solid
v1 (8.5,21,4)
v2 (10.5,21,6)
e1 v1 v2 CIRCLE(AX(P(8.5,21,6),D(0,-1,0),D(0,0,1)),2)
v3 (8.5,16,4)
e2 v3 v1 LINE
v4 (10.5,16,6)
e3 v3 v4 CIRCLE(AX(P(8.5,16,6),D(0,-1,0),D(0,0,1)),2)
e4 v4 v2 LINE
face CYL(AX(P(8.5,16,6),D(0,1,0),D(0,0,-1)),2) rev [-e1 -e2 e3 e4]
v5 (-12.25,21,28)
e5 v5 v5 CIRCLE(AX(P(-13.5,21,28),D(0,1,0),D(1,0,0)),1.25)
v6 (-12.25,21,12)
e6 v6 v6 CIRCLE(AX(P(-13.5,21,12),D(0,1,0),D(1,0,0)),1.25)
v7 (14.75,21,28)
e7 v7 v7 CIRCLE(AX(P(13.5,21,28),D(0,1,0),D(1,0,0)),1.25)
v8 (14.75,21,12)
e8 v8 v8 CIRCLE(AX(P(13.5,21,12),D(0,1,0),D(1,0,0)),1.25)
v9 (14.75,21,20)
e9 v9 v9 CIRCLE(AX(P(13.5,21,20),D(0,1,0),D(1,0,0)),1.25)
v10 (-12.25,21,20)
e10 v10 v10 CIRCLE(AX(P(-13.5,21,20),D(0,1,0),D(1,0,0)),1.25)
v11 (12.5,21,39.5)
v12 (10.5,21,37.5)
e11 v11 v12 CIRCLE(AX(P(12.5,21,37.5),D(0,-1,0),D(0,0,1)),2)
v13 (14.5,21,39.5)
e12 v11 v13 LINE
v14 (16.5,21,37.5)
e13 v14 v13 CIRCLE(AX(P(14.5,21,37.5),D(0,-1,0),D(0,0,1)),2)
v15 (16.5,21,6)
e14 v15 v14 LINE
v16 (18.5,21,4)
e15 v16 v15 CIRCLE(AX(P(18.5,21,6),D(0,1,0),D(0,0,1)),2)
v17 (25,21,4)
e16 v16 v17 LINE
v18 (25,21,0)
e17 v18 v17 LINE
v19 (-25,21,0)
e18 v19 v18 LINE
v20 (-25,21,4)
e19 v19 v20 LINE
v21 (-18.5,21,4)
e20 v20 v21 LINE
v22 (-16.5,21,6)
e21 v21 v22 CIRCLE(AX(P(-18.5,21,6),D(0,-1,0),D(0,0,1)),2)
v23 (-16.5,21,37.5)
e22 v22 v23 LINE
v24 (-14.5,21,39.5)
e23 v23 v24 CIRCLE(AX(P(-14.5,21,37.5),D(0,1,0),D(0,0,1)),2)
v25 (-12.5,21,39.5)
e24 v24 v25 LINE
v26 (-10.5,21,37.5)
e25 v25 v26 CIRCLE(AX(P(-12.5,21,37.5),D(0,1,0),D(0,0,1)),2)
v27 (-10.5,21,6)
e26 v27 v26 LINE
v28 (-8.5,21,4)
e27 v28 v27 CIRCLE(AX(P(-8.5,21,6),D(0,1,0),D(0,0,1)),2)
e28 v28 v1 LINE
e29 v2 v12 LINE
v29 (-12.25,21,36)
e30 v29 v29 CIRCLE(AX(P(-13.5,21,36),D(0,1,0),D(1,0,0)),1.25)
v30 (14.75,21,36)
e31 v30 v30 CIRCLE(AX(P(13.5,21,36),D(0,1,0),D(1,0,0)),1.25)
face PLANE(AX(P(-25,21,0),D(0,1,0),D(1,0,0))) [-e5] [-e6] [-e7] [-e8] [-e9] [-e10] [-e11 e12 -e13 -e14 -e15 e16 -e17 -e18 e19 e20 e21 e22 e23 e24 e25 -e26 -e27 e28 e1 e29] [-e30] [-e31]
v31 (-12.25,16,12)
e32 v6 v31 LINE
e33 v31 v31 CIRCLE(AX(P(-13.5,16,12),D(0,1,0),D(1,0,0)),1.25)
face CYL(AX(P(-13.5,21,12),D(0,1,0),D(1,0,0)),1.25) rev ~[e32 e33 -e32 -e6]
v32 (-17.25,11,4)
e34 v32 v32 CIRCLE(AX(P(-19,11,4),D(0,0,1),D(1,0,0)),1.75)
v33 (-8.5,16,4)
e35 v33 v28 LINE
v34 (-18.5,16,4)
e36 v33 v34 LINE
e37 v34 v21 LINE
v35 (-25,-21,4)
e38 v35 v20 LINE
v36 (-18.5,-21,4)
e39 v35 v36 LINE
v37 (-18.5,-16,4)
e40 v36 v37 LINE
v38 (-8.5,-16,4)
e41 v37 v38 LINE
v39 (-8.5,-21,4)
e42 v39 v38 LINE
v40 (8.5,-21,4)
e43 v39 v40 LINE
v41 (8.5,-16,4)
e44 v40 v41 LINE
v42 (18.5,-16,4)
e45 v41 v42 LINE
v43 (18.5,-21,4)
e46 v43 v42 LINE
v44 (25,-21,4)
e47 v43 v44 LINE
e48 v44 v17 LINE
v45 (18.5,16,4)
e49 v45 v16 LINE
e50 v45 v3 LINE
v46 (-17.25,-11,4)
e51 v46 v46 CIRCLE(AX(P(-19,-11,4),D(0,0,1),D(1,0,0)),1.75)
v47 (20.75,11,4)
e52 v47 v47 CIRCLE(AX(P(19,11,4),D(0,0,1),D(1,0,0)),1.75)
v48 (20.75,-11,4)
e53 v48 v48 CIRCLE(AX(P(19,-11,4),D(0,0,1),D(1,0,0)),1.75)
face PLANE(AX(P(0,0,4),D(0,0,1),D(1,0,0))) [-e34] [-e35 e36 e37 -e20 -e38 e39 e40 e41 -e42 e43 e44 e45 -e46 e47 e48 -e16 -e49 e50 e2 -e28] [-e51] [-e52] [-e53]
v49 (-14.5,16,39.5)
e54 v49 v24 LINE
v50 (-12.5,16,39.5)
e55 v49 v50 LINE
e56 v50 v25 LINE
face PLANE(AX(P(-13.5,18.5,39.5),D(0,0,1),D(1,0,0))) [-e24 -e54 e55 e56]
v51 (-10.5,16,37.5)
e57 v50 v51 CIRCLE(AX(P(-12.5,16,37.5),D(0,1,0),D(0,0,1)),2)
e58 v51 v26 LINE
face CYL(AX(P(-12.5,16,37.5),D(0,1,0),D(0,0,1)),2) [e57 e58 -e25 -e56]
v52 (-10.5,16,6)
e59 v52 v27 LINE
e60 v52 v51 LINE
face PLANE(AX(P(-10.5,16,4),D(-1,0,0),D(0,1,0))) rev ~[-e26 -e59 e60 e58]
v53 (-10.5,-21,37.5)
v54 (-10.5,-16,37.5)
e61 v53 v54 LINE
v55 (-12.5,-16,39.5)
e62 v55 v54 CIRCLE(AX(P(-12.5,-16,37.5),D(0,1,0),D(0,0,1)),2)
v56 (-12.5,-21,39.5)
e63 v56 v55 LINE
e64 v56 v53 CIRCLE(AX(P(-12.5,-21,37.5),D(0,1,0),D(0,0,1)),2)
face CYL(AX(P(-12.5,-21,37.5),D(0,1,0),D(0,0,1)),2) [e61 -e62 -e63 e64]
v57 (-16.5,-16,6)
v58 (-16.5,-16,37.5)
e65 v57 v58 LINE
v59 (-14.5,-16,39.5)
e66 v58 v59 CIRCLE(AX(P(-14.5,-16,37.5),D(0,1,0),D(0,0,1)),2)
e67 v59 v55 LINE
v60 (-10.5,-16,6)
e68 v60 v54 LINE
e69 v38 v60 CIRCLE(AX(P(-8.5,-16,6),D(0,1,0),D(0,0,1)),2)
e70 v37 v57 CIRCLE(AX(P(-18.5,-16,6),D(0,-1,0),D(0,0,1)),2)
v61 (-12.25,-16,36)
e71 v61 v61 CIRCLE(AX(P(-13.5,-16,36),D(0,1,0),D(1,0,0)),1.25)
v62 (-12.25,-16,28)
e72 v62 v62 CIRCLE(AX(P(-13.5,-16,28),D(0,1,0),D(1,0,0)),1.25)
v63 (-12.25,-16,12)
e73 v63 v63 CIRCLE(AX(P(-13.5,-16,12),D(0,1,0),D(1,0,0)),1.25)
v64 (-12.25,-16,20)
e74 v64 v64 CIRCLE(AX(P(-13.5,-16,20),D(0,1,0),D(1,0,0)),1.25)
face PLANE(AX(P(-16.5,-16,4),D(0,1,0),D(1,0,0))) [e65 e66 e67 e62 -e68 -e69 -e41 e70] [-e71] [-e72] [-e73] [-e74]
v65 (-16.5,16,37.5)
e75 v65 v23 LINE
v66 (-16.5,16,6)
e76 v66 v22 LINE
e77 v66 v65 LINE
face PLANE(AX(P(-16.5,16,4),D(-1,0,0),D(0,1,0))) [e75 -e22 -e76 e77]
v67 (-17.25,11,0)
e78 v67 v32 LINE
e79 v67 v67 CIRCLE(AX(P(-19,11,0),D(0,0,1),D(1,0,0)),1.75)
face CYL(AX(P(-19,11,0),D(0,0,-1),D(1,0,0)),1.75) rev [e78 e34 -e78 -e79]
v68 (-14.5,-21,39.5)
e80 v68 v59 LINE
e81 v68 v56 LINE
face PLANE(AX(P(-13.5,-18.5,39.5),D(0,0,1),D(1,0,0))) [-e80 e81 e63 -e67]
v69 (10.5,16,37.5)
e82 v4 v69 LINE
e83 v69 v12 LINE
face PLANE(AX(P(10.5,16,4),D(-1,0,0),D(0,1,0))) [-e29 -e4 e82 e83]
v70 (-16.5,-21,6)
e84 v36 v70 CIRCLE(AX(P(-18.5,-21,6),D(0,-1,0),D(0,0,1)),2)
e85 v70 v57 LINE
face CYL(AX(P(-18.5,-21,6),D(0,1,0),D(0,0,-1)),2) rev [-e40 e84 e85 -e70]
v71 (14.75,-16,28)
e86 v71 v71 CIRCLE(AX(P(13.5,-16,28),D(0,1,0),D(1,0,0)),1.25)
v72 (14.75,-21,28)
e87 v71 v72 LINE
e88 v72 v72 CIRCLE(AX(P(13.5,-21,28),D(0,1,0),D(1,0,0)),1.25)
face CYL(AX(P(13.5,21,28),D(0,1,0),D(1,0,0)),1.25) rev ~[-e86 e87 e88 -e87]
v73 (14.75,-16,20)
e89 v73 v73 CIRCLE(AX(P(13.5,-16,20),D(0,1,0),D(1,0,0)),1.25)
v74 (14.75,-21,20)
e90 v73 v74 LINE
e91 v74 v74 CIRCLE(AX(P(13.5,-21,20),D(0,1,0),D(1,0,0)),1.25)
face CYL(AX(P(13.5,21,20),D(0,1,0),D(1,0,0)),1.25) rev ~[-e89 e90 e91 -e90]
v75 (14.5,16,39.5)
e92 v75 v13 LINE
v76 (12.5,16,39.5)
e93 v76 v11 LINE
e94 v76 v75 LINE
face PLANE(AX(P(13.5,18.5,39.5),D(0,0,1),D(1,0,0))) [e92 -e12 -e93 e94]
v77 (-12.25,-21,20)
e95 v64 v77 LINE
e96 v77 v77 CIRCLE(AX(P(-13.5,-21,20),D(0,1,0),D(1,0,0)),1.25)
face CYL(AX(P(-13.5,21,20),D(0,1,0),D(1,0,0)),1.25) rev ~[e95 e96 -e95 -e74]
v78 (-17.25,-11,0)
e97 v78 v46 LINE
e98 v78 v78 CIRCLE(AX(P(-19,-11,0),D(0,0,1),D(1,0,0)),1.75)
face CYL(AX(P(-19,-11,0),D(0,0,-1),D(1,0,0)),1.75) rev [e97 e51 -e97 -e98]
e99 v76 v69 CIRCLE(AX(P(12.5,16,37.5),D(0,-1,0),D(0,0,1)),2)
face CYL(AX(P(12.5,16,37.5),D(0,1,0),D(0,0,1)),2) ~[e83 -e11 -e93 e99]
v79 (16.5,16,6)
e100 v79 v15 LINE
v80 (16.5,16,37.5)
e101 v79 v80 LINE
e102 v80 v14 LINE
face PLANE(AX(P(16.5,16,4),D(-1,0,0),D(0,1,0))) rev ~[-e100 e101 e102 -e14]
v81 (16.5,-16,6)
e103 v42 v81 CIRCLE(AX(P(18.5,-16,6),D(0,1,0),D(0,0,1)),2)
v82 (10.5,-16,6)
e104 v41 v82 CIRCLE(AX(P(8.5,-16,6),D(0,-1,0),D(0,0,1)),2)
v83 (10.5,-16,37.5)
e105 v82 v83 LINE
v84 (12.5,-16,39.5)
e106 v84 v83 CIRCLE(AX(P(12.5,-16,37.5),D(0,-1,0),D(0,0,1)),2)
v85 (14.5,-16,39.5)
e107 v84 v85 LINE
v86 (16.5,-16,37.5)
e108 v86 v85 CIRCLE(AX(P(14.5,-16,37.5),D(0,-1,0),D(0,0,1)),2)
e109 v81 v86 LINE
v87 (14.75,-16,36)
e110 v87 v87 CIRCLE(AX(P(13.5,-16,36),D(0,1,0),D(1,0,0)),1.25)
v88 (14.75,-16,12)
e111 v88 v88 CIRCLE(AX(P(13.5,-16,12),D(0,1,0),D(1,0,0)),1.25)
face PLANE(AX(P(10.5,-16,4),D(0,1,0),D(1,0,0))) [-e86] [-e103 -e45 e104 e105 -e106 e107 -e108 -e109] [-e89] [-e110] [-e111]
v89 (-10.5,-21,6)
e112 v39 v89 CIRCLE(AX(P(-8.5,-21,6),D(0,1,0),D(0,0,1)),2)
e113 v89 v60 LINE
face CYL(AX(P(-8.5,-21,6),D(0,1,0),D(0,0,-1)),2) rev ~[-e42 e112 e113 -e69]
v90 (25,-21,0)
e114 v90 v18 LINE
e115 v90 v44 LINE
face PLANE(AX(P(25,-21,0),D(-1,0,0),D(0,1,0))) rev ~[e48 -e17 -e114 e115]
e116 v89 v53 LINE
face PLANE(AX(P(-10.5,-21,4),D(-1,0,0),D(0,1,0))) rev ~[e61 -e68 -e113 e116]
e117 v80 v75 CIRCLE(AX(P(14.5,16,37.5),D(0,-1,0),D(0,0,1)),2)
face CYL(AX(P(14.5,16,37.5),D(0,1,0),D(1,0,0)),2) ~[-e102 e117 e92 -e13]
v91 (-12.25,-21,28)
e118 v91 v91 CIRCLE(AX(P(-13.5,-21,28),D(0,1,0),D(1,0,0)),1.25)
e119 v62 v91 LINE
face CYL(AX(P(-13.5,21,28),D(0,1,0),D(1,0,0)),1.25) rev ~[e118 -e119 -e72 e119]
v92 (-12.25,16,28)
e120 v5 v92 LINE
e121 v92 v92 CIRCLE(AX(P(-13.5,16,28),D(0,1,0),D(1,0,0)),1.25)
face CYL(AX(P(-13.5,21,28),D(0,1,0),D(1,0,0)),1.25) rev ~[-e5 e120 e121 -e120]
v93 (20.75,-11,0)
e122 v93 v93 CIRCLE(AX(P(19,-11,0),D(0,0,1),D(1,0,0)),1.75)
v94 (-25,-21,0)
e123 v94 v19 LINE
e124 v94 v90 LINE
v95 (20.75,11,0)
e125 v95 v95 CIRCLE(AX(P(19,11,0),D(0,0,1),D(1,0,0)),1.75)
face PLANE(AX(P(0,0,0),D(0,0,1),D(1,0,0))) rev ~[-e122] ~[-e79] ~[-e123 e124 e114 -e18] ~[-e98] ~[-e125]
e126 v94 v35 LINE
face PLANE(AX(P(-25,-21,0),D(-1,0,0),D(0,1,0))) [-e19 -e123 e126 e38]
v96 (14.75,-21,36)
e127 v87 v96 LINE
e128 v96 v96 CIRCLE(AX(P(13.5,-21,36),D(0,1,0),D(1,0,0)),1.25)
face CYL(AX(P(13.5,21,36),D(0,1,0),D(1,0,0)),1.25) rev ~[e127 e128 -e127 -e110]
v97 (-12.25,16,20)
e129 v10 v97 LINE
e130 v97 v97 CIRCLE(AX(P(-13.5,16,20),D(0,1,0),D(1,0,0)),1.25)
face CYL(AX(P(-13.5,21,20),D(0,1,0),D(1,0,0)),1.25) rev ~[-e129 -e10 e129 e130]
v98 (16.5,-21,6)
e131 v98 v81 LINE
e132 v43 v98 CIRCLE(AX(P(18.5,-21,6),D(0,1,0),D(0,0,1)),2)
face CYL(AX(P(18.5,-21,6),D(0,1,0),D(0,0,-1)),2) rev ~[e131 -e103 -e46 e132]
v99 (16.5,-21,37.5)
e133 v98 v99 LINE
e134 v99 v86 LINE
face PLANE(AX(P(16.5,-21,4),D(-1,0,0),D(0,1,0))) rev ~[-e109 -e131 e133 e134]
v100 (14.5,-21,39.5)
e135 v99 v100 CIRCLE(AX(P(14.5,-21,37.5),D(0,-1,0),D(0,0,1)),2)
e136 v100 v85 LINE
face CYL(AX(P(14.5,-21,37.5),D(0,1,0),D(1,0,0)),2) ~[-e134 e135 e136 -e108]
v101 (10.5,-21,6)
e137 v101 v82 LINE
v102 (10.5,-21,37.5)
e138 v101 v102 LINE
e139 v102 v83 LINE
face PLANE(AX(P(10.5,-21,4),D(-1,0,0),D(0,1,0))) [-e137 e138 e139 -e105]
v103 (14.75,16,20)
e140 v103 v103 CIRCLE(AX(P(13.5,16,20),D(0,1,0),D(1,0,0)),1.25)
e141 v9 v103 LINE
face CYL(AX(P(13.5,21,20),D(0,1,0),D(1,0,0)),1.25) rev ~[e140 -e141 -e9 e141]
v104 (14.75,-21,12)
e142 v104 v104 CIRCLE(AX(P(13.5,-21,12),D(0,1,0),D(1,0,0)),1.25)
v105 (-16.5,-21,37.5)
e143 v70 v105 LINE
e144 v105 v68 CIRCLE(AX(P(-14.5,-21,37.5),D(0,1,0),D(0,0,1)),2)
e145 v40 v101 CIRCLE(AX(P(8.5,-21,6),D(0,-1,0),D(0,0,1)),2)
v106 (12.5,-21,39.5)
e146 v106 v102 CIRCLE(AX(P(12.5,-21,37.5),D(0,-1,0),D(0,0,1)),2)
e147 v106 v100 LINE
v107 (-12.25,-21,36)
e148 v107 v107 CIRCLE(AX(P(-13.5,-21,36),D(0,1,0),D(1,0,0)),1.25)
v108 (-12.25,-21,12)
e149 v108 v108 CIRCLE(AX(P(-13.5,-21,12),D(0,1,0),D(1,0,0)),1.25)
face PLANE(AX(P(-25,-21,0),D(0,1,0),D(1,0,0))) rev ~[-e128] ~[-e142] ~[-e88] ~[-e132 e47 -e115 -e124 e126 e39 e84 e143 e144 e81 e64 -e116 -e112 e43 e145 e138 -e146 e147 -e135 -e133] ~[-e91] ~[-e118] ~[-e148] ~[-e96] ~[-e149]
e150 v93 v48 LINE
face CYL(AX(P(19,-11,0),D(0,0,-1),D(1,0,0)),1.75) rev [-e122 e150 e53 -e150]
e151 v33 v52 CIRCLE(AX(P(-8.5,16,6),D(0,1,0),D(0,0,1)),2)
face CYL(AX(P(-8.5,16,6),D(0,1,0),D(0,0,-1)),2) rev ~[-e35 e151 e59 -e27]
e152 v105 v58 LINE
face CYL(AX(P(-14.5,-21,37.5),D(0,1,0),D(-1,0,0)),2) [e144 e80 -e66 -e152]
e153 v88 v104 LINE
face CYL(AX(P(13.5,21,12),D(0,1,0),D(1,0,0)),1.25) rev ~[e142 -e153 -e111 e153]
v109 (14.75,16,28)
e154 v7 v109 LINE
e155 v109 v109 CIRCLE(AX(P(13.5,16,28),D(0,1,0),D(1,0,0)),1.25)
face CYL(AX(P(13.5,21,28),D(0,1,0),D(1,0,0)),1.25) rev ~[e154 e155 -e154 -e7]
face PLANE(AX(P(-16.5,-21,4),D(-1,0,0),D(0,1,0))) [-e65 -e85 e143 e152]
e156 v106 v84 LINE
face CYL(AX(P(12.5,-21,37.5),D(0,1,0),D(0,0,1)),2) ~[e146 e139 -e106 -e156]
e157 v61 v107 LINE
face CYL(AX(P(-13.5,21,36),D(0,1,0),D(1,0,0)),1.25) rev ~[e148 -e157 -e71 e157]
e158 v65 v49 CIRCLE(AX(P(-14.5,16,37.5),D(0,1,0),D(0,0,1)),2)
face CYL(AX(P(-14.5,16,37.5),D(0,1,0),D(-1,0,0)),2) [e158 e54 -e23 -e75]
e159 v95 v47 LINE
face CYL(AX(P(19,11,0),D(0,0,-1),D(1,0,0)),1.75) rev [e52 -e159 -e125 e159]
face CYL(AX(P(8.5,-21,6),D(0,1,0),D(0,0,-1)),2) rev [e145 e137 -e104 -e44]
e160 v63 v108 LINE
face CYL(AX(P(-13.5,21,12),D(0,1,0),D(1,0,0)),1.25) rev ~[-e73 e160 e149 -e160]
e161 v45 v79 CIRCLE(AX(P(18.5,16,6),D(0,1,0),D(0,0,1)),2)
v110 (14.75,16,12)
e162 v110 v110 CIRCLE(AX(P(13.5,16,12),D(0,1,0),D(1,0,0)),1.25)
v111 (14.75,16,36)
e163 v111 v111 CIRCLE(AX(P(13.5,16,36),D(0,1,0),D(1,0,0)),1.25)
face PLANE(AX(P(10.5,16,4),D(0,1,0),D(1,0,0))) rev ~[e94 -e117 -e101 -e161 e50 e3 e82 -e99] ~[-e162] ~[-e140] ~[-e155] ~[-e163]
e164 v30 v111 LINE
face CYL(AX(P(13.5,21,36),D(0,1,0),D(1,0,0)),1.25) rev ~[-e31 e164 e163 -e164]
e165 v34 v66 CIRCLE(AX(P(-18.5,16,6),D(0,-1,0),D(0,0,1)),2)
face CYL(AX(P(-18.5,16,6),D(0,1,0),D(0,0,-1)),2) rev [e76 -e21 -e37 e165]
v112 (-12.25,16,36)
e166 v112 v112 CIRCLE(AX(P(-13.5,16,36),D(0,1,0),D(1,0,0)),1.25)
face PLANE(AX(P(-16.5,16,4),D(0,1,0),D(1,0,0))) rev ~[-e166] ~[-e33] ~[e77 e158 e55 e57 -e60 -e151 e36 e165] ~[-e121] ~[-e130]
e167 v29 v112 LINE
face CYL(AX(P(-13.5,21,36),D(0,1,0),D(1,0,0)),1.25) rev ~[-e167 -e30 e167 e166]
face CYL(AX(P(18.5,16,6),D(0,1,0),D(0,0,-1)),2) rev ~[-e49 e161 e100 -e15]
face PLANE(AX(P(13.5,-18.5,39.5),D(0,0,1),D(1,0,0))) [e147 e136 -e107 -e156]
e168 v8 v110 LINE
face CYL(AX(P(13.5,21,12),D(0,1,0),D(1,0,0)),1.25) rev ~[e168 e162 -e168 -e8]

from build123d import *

# Parameters (mm, degrees)
ESQUISSE1_W             = 50
ESQUISSE1_H             = 42
ESQUISSE1_R             = 1.75
BOSS_EXTRU_1_DEPTH      = 4
ESQUISSE2_W             = 6
ESQUISSE2_H             = 5
BOSS_EXTRU_2_DEPTH      = 35.5
ESQUISSE3_R             = 1.25
ENL_V_MAT_EXTRU_1_DEPTH = 43
CONG_1_R                = 2


with BuildPart() as part:
    # Esquisse1 → Boss.-Extru.1 (new body)
    with BuildSketch(Plane.XY):
        Rectangle(ESQUISSE1_W, ESQUISSE1_H)
        with Locations((-19, 11)):
            Circle(ESQUISSE1_R, mode=Mode.SUBTRACT)
        with Locations((19, 11)):
            Circle(ESQUISSE1_R, mode=Mode.SUBTRACT)
        with Locations((19, -11)):
            Circle(ESQUISSE1_R, mode=Mode.SUBTRACT)
        with Locations((-19, -11)):
            Circle(ESQUISSE1_R, mode=Mode.SUBTRACT)
    extrude(amount=BOSS_EXTRU_1_DEPTH)

    # Esquisse2 → Boss.-Extru.2 (add)
    with BuildSketch(Plane.XY.offset(4)):
        with Locations((-13.5, 18.5)):
            Rectangle(ESQUISSE2_W, ESQUISSE2_H)
        with Locations((13.5, 18.5)):
            Rectangle(ESQUISSE2_W, ESQUISSE2_H)
        with Locations((-13.5, -18.5)):
            Rectangle(ESQUISSE2_W, ESQUISSE2_H)
        with Locations((13.5, -18.5)):
            Rectangle(ESQUISSE2_W, ESQUISSE2_H)
    extrude(amount=BOSS_EXTRU_2_DEPTH)

    # Esquisse3 → Enlèv. mat.-Extru.1 (cut, through all)
    with BuildSketch(Plane(origin=(0, 21, 0), x_dir=(1, 0, 0), z_dir=(0, 1, 0))):
        with Locations((-13.5, -12)):
            Circle(ESQUISSE3_R)
        with Locations((-13.5, -20)):
            Circle(ESQUISSE3_R)
        with Locations((-13.5, -28)):
            Circle(ESQUISSE3_R)
        with Locations((-13.5, -36)):
            Circle(ESQUISSE3_R)
        with Locations((13.5, -36)):
            Circle(ESQUISSE3_R)
        with Locations((13.5, -28)):
            Circle(ESQUISSE3_R)
        with Locations((13.5, -20)):
            Circle(ESQUISSE3_R)
        with Locations((13.5, -12)):
            Circle(ESQUISSE3_R)
    extrude(amount=-ENL_V_MAT_EXTRU_1_DEPTH, mode=Mode.SUBTRACT)

    # Congé1
    cong_1_edges = [part.edges().sort_by_distance(p)[0] for p in [
        (-16.5, 18.5, 4),
        (-10.5, 18.5, 4),
        (-16.5, 18.5, 39.5),
        (-10.5, 18.5, 39.5),
        (16.5, 18.5, 4),
        (10.5, 18.5, 4),
        (16.5, 18.5, 39.5),
        (10.5, 18.5, 39.5),
        (-10.5, -18.5, 4),
        (-16.5, -18.5, 4),
        (-10.5, -18.5, 39.5),
        (-16.5, -18.5, 39.5),
        (16.5, -18.5, 4),
        (10.5, -18.5, 4),
        (16.5, -18.5, 39.5),
        (10.5, -18.5, 39.5),
    ]]
    fillet(cong_1_edges, radius=CONG_1_R)


solid = part.part
